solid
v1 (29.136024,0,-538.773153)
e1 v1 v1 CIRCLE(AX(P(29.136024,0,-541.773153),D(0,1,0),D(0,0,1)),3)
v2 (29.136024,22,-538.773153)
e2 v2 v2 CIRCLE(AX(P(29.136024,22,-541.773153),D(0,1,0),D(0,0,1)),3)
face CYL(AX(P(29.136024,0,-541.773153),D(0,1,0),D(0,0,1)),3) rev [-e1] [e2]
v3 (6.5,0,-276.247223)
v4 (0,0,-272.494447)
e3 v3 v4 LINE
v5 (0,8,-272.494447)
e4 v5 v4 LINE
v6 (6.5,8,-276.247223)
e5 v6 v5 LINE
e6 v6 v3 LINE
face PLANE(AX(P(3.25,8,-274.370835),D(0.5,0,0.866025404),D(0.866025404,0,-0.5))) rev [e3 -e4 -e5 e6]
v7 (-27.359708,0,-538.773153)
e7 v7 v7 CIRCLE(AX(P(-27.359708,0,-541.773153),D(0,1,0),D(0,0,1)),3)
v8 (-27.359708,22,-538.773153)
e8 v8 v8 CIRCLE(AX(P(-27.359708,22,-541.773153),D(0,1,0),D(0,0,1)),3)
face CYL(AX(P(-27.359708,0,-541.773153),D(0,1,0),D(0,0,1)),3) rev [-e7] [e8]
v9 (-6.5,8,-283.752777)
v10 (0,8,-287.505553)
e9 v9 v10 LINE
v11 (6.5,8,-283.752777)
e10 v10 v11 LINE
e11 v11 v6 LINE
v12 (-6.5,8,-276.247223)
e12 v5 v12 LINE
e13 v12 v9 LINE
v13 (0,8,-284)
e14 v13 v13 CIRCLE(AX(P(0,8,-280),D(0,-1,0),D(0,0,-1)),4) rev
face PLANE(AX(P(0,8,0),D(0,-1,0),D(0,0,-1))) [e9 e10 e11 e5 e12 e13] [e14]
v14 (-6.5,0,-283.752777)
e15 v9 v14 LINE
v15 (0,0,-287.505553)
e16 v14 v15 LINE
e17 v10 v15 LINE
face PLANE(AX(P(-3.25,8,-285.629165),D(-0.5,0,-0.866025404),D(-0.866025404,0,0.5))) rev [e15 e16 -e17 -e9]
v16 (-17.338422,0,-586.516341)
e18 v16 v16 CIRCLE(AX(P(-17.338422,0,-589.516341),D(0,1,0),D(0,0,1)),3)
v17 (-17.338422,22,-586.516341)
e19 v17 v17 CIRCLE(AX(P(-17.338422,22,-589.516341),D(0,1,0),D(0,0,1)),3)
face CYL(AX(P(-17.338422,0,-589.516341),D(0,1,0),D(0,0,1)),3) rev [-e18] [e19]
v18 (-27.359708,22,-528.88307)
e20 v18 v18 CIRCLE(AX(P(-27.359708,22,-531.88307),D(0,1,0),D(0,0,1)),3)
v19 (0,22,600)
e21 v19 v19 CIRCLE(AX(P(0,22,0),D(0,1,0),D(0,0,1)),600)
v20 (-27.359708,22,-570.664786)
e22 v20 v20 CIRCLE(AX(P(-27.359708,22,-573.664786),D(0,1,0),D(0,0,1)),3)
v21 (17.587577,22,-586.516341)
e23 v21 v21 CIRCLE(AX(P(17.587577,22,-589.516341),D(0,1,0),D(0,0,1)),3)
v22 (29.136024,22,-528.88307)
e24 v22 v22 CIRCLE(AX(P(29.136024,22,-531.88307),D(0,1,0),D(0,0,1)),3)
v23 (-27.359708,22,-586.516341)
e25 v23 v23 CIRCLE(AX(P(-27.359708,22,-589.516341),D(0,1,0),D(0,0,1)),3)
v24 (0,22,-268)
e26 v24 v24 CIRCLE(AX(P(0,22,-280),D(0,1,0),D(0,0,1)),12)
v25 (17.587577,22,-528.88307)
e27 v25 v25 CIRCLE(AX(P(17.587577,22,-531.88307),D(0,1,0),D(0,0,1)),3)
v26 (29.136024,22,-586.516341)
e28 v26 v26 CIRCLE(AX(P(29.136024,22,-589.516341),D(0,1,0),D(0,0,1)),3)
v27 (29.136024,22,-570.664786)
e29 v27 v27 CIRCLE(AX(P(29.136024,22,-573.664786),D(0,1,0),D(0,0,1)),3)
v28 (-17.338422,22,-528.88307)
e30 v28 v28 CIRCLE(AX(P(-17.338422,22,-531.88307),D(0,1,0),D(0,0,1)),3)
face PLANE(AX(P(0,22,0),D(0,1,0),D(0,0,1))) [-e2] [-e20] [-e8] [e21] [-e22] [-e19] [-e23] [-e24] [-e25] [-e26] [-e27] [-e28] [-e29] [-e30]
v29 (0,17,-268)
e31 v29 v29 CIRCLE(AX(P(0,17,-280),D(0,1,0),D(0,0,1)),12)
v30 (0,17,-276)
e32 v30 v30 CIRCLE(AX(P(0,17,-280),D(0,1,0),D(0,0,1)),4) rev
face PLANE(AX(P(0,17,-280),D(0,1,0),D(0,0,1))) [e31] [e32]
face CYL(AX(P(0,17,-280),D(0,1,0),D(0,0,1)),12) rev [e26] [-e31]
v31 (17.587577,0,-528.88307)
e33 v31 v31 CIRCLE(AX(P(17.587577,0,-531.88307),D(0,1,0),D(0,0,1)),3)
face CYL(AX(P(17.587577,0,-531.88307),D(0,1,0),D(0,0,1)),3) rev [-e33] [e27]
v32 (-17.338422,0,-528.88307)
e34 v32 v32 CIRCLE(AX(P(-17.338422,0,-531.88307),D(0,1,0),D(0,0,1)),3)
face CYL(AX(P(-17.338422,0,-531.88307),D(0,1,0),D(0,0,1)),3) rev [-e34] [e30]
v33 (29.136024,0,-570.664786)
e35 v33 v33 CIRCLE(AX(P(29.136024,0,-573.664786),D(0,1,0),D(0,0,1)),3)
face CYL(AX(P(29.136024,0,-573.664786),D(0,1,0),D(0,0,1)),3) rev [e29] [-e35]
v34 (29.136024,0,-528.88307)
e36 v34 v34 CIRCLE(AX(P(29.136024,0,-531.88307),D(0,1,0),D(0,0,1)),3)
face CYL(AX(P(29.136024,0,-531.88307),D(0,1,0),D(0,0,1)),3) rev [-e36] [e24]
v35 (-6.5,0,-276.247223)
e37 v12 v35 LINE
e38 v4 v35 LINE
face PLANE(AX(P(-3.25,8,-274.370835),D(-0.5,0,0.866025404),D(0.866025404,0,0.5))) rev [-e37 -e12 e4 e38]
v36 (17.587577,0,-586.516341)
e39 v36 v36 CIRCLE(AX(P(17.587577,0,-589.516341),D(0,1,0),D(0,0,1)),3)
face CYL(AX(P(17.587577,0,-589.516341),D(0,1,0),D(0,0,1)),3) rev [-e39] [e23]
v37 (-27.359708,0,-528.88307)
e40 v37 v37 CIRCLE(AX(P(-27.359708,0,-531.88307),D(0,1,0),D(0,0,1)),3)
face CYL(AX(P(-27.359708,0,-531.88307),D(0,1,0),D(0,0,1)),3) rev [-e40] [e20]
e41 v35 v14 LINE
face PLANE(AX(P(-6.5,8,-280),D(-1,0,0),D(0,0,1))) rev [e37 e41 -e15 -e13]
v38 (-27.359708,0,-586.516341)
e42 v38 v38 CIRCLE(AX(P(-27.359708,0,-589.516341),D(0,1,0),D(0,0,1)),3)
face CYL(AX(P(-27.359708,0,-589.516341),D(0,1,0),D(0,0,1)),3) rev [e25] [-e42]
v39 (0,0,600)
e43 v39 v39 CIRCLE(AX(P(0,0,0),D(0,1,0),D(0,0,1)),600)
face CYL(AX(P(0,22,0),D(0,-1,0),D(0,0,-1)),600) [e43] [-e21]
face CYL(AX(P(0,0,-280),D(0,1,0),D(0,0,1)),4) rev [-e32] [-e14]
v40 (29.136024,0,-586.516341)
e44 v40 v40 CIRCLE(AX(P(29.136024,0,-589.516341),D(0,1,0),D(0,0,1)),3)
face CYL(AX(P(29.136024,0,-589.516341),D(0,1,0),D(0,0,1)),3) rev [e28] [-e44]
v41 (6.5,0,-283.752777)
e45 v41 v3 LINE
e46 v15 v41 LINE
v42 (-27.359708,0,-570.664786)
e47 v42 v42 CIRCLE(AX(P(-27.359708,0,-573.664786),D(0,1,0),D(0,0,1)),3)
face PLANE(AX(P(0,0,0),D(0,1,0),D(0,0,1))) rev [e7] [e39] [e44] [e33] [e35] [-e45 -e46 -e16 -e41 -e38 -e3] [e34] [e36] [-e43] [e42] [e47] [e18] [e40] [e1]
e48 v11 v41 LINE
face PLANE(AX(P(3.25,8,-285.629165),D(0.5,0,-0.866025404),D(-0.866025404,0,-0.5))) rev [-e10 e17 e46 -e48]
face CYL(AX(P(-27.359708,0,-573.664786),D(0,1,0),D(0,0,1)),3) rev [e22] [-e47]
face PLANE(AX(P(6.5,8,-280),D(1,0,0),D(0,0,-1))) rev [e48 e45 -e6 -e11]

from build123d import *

# Parameters (mm, degrees)
ESQUISSE1_R             = 600
BOSS_EXTRU_1_DEPTH      = 22
ESQUISSE2_R             = 4
ENL_V_MAT_EXTRU_1_DEPTH = 23
ENL_V_MAT_EXTRU_2_DEPTH = 8
ESQUISSE4_R             = 12
ENL_V_MAT_EXTRU_3_DEPTH = 5
ESQUISSE6_R             = 3
ENL_V_MAT_EXTRU_4_DEPTH = 23


with BuildPart() as part:
    # Esquisse1 → Boss.-Extru.1 (new body)
    with BuildSketch(Plane(origin=(0, 0, 0), x_dir=(1, 0, 0), z_dir=(0, 1, 0))):
        with Locations(Location((0, 0, 0), (0, 0, 270))):  # turned: the seam where the file's is
            Circle(ESQUISSE1_R)
    extrude(amount=BOSS_EXTRU_1_DEPTH)

    # Esquisse2 → Enlèv. mat.-Extru.1 (cut, through all)
    with BuildSketch(Plane(origin=(0, 22, 0), x_dir=(1, 0, 0), z_dir=(0, 1, 0))):
        with Locations(Location((0, 280, 0), (0, 0, 270))):  # turned: the seam where the file's is
            Circle(ESQUISSE2_R)
    extrude(amount=-ENL_V_MAT_EXTRU_1_DEPTH, mode=Mode.SUBTRACT)

    # Esquisse3 → Enlèv. mat.-Extru.2 (cut)
    with BuildSketch(Plane.XZ):
        Polygon((6.5, -280), (6.5, -276.24722325), (3.25, -274.370834875), (0, -272.494446501), (-3.25, -274.370834875), (-6.5, -276.24722325), (-6.5, -280), (-6.5, -283.75277675), (-3.25, -285.629165125), (0, -287.505553499), (3.25, -285.629165125), (6.5, -283.75277675), align=None)
    extrude(amount=-ENL_V_MAT_EXTRU_2_DEPTH, mode=Mode.SUBTRACT)

    # Esquisse4 → Enlèv. mat.-Extru.3 (cut)
    with BuildSketch(Plane(origin=(0, 22, 0), x_dir=(1, 0, 0), z_dir=(0, 1, 0))):
        with Locations(Location((0, 280, 0), (0, 0, 270))):  # turned: the seam where the file's is
            Circle(ESQUISSE4_R)
    extrude(amount=-ENL_V_MAT_EXTRU_3_DEPTH, mode=Mode.SUBTRACT)

    # Esquisse6 → Enlèv. mat.-Extru.4 (cut, through all)
    with BuildSketch(Plane(origin=(0, 22, 0), x_dir=(1, 0, 0), z_dir=(0, 1, 0))):
        with Locations(Location((-27.359707791, 541.773153337, 0), (0, 0, 270))):  # turned: the seam where the file's is
            Circle(ESQUISSE6_R)
        with Locations(Location((-27.359707791, 531.883070045, 0), (0, 0, 270))):  # turned: the seam where the file's is
            Circle(ESQUISSE6_R)
        with Locations(Location((-17.338422342, 531.883070045, 0), (0, 0, 270))):  # turned: the seam where the file's is
            Circle(ESQUISSE6_R)
        with Locations(Location((-27.359707791, 589.516341352, 0), (0, 0, 270))):  # turned: the seam where the file's is
            Circle(ESQUISSE6_R)
        with Locations(Location((-27.359707791, 573.664786381, 0), (0, 0, 270))):  # turned: the seam where the file's is
            Circle(ESQUISSE6_R)
        with Locations(Location((-17.338422342, 589.516341352, 0), (0, 0, 270))):  # turned: the seam where the file's is
            Circle(ESQUISSE6_R)
        with Locations(Location((17.587577233, 589.516341352, 0), (0, 0, 270))):  # turned: the seam where the file's is
            Circle(ESQUISSE6_R)
        with Locations(Location((29.13602426, 589.516341352, 0), (0, 0, 270))):  # turned: the seam where the file's is
            Circle(ESQUISSE6_R)
        with Locations(Location((29.13602426, 573.664786381, 0), (0, 0, 270))):  # turned: the seam where the file's is
            Circle(ESQUISSE6_R)
        with Locations(Location((29.13602426, 541.773153337, 0), (0, 0, 270))):  # turned: the seam where the file's is
            Circle(ESQUISSE6_R)
        with Locations(Location((29.13602426, 531.883070045, 0), (0, 0, 270))):  # turned: the seam where the file's is
            Circle(ESQUISSE6_R)
        with Locations(Location((17.587577233, 531.883070045, 0), (0, 0, 270))):  # turned: the seam where the file's is
            Circle(ESQUISSE6_R)
    extrude(amount=-ENL_V_MAT_EXTRU_4_DEPTH, mode=Mode.SUBTRACT)


solid = part.part
